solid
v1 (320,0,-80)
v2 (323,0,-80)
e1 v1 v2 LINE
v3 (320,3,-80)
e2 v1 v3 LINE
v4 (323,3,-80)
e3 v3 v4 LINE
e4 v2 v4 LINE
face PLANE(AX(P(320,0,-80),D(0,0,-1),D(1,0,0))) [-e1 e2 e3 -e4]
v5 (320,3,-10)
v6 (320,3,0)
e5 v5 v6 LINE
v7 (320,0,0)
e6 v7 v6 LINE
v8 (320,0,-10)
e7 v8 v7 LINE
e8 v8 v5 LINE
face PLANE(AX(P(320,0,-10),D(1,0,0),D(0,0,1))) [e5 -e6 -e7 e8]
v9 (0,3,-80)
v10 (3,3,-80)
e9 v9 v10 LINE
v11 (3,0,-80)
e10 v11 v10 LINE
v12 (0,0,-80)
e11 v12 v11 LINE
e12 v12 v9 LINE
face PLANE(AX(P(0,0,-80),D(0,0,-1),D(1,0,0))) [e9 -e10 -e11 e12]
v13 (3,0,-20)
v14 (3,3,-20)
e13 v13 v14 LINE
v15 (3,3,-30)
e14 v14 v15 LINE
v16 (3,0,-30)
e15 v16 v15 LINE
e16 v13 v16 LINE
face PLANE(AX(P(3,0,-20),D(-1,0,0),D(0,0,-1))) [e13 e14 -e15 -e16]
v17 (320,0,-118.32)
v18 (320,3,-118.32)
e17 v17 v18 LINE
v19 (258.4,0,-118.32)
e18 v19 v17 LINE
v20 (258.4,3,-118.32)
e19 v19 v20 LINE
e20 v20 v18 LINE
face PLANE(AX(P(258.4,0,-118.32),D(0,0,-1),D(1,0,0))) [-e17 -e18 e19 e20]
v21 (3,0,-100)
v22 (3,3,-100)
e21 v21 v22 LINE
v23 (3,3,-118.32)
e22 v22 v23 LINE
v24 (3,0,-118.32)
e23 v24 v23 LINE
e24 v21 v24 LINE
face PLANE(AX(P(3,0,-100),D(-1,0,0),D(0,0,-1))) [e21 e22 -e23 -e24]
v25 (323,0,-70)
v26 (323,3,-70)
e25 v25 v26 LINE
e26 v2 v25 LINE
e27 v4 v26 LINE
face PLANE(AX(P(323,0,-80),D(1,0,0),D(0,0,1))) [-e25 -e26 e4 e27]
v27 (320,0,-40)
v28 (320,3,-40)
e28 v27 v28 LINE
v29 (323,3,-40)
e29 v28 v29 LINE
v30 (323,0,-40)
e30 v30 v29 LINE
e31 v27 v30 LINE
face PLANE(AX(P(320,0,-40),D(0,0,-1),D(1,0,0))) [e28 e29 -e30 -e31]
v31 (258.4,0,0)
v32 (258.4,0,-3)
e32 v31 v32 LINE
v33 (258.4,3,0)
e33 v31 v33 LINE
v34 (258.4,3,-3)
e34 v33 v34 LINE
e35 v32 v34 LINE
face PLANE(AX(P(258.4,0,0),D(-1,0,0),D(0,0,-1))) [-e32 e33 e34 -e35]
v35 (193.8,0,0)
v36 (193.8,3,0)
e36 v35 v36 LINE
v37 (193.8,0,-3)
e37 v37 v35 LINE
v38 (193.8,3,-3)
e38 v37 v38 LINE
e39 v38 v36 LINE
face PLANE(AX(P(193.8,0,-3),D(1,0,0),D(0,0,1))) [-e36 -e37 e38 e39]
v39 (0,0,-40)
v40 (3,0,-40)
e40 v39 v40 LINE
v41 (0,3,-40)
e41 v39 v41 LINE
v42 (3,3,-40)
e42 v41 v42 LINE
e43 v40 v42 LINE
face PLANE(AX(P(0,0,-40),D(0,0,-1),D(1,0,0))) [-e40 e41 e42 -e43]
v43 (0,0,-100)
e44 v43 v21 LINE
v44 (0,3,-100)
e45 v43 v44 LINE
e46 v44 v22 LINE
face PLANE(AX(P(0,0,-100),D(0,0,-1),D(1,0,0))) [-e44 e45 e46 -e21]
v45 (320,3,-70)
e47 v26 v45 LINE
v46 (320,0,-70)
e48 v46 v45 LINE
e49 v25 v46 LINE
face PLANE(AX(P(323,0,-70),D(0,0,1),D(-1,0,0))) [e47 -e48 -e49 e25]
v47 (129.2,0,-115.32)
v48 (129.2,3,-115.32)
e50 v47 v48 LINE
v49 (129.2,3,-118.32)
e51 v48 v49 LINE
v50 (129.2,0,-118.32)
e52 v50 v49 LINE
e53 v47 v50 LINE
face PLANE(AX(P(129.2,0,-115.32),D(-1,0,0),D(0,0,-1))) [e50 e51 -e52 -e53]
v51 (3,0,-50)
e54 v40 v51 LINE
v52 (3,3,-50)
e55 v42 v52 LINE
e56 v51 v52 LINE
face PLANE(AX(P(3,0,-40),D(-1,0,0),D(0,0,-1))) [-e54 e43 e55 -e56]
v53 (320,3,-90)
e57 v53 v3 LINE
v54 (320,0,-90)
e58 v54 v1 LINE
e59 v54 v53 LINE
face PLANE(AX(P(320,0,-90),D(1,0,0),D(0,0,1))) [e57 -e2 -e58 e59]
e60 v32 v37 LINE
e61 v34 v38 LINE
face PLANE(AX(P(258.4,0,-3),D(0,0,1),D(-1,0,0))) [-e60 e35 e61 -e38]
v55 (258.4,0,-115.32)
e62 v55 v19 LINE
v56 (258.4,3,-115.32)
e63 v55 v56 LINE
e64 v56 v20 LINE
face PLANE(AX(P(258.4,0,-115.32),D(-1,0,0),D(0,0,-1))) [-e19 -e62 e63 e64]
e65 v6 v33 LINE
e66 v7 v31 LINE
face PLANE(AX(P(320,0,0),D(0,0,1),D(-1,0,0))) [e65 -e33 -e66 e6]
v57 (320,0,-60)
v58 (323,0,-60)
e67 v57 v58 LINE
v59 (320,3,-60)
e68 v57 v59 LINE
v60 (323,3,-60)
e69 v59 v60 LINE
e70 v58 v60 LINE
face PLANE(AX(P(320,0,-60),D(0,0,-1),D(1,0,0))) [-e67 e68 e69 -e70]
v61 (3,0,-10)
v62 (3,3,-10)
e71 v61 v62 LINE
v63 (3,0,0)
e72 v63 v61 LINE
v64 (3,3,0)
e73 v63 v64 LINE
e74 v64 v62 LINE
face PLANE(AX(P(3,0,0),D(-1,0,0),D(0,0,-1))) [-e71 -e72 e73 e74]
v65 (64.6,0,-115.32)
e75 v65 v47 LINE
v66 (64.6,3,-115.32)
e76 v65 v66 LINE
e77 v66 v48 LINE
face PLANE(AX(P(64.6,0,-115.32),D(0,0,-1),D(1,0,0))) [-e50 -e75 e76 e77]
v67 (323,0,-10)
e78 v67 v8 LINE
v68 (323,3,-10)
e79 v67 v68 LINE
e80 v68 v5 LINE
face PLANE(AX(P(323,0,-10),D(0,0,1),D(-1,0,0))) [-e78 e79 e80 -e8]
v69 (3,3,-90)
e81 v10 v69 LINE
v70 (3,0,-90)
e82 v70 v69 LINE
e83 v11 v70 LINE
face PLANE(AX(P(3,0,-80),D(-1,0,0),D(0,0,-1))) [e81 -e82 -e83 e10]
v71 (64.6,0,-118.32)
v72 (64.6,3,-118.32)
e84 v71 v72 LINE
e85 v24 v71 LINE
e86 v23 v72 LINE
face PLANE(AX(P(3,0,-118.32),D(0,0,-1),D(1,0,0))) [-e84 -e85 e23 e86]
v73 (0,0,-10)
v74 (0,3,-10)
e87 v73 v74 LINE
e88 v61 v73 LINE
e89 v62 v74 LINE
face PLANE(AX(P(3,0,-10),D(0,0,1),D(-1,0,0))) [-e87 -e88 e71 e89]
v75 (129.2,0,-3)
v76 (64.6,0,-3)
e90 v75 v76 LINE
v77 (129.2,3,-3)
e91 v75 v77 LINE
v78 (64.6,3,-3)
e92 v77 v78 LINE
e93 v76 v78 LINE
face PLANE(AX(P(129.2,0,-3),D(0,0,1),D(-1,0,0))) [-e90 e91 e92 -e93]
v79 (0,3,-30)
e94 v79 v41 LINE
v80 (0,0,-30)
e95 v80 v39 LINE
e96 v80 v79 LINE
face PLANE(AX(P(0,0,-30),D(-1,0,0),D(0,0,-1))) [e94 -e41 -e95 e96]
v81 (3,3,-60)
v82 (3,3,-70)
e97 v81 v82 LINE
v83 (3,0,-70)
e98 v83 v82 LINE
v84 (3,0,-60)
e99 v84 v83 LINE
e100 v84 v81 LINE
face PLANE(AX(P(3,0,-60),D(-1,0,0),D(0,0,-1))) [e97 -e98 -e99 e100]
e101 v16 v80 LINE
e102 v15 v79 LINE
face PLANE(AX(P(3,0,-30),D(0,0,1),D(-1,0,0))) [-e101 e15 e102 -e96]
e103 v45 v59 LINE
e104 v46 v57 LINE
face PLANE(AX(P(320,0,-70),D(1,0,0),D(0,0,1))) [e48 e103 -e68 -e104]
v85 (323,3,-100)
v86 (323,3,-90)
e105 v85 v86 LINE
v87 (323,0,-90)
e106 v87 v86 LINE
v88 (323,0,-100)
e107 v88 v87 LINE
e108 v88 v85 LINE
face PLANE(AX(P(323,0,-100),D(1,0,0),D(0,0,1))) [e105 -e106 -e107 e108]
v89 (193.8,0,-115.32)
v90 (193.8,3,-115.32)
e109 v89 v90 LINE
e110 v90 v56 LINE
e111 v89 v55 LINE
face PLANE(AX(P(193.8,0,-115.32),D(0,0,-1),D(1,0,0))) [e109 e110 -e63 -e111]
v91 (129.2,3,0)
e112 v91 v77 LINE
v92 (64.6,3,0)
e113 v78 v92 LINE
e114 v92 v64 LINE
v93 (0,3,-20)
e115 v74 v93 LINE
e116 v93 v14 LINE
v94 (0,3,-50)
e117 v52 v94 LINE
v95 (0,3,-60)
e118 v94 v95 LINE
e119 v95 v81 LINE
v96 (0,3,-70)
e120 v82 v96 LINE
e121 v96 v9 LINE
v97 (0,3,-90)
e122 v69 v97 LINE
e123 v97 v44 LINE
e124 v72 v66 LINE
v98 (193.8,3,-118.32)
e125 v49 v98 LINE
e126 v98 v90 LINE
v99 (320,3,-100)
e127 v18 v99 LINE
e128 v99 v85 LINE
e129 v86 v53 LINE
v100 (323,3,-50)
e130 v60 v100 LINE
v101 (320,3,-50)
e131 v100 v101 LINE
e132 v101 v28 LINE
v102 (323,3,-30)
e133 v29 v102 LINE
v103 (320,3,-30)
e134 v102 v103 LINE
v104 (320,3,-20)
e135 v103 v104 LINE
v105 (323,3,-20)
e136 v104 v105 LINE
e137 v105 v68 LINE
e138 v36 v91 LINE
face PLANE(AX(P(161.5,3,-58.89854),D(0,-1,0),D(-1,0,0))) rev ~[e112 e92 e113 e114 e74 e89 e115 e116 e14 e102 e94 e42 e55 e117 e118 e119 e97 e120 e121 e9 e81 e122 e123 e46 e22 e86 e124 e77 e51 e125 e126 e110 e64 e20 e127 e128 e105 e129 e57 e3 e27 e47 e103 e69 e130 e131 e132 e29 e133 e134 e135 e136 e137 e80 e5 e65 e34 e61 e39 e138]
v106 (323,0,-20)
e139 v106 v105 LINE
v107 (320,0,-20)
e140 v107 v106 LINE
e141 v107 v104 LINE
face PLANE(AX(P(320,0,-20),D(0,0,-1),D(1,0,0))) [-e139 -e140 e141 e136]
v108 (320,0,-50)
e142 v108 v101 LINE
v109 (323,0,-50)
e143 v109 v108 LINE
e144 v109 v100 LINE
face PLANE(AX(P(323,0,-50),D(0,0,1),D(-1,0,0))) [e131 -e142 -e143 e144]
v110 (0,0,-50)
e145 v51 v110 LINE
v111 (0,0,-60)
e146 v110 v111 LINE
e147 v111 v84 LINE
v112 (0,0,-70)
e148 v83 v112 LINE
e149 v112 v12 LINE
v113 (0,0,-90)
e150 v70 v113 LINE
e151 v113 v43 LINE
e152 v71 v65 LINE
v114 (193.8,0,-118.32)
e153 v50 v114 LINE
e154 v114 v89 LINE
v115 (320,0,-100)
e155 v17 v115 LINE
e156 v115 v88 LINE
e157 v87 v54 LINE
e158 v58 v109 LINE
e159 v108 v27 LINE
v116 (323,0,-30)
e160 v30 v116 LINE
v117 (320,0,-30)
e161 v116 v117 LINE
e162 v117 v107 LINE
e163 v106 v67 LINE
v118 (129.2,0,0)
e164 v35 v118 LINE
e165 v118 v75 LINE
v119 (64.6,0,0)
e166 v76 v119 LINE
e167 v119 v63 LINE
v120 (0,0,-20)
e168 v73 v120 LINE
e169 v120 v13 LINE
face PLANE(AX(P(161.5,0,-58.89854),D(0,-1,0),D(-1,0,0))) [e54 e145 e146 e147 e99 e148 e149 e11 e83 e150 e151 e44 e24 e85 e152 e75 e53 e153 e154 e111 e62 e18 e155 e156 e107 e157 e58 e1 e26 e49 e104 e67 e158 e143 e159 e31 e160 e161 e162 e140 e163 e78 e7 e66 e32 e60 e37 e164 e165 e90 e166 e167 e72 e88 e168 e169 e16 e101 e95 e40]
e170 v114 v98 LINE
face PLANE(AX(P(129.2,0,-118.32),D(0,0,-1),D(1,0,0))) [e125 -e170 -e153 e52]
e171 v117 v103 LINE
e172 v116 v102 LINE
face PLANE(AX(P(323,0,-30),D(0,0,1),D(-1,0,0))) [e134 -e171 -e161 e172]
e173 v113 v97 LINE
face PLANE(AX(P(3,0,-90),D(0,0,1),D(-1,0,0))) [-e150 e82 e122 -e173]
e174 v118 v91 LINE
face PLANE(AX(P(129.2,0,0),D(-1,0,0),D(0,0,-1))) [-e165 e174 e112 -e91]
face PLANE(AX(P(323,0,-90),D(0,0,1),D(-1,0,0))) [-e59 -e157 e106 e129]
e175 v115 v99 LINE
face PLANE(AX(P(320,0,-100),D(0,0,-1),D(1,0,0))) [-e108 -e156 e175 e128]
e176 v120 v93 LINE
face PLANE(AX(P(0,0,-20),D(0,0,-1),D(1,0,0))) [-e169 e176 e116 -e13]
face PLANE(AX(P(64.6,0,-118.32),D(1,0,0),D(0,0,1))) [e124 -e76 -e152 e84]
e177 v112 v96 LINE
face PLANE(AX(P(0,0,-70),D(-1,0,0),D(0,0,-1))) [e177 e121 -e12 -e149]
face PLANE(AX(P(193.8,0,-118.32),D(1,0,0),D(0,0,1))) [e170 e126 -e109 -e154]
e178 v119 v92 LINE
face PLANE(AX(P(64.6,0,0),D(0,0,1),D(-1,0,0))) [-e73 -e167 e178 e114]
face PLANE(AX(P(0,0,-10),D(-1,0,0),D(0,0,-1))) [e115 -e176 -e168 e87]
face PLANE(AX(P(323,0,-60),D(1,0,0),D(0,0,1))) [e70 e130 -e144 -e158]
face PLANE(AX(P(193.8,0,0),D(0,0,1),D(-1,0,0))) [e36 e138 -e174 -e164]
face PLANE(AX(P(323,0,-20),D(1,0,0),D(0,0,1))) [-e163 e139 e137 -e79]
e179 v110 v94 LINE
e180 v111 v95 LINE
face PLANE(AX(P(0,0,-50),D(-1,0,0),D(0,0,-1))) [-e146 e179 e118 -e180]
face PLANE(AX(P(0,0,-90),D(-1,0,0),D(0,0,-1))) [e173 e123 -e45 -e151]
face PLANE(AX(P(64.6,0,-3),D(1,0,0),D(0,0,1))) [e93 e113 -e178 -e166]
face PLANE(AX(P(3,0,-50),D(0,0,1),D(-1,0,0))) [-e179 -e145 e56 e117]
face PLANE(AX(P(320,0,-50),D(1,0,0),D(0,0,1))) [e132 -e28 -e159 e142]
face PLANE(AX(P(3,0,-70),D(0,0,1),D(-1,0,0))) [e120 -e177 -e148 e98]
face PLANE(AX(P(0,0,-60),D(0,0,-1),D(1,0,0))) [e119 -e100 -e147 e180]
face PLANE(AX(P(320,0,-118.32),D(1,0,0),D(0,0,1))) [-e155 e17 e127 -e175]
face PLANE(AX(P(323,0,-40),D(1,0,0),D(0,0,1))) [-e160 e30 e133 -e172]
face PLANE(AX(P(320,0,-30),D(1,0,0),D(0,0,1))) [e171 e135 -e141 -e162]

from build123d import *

# Parameters (mm, degrees)
BOSS_EXTRUDE4_DEPTH = 3


with BuildPart() as part:
    # Sketch1 → Boss-Extrude4 (new body)
    with BuildSketch(Plane(origin=(0, 0, 0), x_dir=(1, 0, 0), z_dir=(0, 1, 0))):
        Polygon((3, 0), (3, 10), (0, 10), (0, 20), (3, 20), (3, 30), (0, 30), (0, 40), (3, 40), (3, 50), (0, 50), (0, 60), (3, 60), (3, 70), (0, 70), (0, 80), (3, 80), (3, 90), (0, 90), (0, 100), (3, 100), (3, 118.32), (64.6, 118.32), (64.6, 115.32), (129.2, 115.32), (129.2, 118.32), (193.8, 118.32), (193.8, 115.32), (258.4, 115.32), (258.4, 118.32), (320, 118.32), (320, 100), (323, 100), (323, 90), (320, 90), (320, 80), (323, 80), (323, 70), (320, 70), (320, 60), (323, 60), (323, 50), (320, 50), (320, 40), (323, 40), (323, 30), (320, 30), (320, 20), (323, 20), (323, 10), (320, 10), (320, 0), (258.4, 0), (258.4, 3), (193.8, 3), (193.8, 0), (129.2, 0), (129.2, 3), (64.6, 3), (64.6, 0), align=None)
    extrude(amount=BOSS_EXTRUDE4_DEPTH)


solid = part.part
